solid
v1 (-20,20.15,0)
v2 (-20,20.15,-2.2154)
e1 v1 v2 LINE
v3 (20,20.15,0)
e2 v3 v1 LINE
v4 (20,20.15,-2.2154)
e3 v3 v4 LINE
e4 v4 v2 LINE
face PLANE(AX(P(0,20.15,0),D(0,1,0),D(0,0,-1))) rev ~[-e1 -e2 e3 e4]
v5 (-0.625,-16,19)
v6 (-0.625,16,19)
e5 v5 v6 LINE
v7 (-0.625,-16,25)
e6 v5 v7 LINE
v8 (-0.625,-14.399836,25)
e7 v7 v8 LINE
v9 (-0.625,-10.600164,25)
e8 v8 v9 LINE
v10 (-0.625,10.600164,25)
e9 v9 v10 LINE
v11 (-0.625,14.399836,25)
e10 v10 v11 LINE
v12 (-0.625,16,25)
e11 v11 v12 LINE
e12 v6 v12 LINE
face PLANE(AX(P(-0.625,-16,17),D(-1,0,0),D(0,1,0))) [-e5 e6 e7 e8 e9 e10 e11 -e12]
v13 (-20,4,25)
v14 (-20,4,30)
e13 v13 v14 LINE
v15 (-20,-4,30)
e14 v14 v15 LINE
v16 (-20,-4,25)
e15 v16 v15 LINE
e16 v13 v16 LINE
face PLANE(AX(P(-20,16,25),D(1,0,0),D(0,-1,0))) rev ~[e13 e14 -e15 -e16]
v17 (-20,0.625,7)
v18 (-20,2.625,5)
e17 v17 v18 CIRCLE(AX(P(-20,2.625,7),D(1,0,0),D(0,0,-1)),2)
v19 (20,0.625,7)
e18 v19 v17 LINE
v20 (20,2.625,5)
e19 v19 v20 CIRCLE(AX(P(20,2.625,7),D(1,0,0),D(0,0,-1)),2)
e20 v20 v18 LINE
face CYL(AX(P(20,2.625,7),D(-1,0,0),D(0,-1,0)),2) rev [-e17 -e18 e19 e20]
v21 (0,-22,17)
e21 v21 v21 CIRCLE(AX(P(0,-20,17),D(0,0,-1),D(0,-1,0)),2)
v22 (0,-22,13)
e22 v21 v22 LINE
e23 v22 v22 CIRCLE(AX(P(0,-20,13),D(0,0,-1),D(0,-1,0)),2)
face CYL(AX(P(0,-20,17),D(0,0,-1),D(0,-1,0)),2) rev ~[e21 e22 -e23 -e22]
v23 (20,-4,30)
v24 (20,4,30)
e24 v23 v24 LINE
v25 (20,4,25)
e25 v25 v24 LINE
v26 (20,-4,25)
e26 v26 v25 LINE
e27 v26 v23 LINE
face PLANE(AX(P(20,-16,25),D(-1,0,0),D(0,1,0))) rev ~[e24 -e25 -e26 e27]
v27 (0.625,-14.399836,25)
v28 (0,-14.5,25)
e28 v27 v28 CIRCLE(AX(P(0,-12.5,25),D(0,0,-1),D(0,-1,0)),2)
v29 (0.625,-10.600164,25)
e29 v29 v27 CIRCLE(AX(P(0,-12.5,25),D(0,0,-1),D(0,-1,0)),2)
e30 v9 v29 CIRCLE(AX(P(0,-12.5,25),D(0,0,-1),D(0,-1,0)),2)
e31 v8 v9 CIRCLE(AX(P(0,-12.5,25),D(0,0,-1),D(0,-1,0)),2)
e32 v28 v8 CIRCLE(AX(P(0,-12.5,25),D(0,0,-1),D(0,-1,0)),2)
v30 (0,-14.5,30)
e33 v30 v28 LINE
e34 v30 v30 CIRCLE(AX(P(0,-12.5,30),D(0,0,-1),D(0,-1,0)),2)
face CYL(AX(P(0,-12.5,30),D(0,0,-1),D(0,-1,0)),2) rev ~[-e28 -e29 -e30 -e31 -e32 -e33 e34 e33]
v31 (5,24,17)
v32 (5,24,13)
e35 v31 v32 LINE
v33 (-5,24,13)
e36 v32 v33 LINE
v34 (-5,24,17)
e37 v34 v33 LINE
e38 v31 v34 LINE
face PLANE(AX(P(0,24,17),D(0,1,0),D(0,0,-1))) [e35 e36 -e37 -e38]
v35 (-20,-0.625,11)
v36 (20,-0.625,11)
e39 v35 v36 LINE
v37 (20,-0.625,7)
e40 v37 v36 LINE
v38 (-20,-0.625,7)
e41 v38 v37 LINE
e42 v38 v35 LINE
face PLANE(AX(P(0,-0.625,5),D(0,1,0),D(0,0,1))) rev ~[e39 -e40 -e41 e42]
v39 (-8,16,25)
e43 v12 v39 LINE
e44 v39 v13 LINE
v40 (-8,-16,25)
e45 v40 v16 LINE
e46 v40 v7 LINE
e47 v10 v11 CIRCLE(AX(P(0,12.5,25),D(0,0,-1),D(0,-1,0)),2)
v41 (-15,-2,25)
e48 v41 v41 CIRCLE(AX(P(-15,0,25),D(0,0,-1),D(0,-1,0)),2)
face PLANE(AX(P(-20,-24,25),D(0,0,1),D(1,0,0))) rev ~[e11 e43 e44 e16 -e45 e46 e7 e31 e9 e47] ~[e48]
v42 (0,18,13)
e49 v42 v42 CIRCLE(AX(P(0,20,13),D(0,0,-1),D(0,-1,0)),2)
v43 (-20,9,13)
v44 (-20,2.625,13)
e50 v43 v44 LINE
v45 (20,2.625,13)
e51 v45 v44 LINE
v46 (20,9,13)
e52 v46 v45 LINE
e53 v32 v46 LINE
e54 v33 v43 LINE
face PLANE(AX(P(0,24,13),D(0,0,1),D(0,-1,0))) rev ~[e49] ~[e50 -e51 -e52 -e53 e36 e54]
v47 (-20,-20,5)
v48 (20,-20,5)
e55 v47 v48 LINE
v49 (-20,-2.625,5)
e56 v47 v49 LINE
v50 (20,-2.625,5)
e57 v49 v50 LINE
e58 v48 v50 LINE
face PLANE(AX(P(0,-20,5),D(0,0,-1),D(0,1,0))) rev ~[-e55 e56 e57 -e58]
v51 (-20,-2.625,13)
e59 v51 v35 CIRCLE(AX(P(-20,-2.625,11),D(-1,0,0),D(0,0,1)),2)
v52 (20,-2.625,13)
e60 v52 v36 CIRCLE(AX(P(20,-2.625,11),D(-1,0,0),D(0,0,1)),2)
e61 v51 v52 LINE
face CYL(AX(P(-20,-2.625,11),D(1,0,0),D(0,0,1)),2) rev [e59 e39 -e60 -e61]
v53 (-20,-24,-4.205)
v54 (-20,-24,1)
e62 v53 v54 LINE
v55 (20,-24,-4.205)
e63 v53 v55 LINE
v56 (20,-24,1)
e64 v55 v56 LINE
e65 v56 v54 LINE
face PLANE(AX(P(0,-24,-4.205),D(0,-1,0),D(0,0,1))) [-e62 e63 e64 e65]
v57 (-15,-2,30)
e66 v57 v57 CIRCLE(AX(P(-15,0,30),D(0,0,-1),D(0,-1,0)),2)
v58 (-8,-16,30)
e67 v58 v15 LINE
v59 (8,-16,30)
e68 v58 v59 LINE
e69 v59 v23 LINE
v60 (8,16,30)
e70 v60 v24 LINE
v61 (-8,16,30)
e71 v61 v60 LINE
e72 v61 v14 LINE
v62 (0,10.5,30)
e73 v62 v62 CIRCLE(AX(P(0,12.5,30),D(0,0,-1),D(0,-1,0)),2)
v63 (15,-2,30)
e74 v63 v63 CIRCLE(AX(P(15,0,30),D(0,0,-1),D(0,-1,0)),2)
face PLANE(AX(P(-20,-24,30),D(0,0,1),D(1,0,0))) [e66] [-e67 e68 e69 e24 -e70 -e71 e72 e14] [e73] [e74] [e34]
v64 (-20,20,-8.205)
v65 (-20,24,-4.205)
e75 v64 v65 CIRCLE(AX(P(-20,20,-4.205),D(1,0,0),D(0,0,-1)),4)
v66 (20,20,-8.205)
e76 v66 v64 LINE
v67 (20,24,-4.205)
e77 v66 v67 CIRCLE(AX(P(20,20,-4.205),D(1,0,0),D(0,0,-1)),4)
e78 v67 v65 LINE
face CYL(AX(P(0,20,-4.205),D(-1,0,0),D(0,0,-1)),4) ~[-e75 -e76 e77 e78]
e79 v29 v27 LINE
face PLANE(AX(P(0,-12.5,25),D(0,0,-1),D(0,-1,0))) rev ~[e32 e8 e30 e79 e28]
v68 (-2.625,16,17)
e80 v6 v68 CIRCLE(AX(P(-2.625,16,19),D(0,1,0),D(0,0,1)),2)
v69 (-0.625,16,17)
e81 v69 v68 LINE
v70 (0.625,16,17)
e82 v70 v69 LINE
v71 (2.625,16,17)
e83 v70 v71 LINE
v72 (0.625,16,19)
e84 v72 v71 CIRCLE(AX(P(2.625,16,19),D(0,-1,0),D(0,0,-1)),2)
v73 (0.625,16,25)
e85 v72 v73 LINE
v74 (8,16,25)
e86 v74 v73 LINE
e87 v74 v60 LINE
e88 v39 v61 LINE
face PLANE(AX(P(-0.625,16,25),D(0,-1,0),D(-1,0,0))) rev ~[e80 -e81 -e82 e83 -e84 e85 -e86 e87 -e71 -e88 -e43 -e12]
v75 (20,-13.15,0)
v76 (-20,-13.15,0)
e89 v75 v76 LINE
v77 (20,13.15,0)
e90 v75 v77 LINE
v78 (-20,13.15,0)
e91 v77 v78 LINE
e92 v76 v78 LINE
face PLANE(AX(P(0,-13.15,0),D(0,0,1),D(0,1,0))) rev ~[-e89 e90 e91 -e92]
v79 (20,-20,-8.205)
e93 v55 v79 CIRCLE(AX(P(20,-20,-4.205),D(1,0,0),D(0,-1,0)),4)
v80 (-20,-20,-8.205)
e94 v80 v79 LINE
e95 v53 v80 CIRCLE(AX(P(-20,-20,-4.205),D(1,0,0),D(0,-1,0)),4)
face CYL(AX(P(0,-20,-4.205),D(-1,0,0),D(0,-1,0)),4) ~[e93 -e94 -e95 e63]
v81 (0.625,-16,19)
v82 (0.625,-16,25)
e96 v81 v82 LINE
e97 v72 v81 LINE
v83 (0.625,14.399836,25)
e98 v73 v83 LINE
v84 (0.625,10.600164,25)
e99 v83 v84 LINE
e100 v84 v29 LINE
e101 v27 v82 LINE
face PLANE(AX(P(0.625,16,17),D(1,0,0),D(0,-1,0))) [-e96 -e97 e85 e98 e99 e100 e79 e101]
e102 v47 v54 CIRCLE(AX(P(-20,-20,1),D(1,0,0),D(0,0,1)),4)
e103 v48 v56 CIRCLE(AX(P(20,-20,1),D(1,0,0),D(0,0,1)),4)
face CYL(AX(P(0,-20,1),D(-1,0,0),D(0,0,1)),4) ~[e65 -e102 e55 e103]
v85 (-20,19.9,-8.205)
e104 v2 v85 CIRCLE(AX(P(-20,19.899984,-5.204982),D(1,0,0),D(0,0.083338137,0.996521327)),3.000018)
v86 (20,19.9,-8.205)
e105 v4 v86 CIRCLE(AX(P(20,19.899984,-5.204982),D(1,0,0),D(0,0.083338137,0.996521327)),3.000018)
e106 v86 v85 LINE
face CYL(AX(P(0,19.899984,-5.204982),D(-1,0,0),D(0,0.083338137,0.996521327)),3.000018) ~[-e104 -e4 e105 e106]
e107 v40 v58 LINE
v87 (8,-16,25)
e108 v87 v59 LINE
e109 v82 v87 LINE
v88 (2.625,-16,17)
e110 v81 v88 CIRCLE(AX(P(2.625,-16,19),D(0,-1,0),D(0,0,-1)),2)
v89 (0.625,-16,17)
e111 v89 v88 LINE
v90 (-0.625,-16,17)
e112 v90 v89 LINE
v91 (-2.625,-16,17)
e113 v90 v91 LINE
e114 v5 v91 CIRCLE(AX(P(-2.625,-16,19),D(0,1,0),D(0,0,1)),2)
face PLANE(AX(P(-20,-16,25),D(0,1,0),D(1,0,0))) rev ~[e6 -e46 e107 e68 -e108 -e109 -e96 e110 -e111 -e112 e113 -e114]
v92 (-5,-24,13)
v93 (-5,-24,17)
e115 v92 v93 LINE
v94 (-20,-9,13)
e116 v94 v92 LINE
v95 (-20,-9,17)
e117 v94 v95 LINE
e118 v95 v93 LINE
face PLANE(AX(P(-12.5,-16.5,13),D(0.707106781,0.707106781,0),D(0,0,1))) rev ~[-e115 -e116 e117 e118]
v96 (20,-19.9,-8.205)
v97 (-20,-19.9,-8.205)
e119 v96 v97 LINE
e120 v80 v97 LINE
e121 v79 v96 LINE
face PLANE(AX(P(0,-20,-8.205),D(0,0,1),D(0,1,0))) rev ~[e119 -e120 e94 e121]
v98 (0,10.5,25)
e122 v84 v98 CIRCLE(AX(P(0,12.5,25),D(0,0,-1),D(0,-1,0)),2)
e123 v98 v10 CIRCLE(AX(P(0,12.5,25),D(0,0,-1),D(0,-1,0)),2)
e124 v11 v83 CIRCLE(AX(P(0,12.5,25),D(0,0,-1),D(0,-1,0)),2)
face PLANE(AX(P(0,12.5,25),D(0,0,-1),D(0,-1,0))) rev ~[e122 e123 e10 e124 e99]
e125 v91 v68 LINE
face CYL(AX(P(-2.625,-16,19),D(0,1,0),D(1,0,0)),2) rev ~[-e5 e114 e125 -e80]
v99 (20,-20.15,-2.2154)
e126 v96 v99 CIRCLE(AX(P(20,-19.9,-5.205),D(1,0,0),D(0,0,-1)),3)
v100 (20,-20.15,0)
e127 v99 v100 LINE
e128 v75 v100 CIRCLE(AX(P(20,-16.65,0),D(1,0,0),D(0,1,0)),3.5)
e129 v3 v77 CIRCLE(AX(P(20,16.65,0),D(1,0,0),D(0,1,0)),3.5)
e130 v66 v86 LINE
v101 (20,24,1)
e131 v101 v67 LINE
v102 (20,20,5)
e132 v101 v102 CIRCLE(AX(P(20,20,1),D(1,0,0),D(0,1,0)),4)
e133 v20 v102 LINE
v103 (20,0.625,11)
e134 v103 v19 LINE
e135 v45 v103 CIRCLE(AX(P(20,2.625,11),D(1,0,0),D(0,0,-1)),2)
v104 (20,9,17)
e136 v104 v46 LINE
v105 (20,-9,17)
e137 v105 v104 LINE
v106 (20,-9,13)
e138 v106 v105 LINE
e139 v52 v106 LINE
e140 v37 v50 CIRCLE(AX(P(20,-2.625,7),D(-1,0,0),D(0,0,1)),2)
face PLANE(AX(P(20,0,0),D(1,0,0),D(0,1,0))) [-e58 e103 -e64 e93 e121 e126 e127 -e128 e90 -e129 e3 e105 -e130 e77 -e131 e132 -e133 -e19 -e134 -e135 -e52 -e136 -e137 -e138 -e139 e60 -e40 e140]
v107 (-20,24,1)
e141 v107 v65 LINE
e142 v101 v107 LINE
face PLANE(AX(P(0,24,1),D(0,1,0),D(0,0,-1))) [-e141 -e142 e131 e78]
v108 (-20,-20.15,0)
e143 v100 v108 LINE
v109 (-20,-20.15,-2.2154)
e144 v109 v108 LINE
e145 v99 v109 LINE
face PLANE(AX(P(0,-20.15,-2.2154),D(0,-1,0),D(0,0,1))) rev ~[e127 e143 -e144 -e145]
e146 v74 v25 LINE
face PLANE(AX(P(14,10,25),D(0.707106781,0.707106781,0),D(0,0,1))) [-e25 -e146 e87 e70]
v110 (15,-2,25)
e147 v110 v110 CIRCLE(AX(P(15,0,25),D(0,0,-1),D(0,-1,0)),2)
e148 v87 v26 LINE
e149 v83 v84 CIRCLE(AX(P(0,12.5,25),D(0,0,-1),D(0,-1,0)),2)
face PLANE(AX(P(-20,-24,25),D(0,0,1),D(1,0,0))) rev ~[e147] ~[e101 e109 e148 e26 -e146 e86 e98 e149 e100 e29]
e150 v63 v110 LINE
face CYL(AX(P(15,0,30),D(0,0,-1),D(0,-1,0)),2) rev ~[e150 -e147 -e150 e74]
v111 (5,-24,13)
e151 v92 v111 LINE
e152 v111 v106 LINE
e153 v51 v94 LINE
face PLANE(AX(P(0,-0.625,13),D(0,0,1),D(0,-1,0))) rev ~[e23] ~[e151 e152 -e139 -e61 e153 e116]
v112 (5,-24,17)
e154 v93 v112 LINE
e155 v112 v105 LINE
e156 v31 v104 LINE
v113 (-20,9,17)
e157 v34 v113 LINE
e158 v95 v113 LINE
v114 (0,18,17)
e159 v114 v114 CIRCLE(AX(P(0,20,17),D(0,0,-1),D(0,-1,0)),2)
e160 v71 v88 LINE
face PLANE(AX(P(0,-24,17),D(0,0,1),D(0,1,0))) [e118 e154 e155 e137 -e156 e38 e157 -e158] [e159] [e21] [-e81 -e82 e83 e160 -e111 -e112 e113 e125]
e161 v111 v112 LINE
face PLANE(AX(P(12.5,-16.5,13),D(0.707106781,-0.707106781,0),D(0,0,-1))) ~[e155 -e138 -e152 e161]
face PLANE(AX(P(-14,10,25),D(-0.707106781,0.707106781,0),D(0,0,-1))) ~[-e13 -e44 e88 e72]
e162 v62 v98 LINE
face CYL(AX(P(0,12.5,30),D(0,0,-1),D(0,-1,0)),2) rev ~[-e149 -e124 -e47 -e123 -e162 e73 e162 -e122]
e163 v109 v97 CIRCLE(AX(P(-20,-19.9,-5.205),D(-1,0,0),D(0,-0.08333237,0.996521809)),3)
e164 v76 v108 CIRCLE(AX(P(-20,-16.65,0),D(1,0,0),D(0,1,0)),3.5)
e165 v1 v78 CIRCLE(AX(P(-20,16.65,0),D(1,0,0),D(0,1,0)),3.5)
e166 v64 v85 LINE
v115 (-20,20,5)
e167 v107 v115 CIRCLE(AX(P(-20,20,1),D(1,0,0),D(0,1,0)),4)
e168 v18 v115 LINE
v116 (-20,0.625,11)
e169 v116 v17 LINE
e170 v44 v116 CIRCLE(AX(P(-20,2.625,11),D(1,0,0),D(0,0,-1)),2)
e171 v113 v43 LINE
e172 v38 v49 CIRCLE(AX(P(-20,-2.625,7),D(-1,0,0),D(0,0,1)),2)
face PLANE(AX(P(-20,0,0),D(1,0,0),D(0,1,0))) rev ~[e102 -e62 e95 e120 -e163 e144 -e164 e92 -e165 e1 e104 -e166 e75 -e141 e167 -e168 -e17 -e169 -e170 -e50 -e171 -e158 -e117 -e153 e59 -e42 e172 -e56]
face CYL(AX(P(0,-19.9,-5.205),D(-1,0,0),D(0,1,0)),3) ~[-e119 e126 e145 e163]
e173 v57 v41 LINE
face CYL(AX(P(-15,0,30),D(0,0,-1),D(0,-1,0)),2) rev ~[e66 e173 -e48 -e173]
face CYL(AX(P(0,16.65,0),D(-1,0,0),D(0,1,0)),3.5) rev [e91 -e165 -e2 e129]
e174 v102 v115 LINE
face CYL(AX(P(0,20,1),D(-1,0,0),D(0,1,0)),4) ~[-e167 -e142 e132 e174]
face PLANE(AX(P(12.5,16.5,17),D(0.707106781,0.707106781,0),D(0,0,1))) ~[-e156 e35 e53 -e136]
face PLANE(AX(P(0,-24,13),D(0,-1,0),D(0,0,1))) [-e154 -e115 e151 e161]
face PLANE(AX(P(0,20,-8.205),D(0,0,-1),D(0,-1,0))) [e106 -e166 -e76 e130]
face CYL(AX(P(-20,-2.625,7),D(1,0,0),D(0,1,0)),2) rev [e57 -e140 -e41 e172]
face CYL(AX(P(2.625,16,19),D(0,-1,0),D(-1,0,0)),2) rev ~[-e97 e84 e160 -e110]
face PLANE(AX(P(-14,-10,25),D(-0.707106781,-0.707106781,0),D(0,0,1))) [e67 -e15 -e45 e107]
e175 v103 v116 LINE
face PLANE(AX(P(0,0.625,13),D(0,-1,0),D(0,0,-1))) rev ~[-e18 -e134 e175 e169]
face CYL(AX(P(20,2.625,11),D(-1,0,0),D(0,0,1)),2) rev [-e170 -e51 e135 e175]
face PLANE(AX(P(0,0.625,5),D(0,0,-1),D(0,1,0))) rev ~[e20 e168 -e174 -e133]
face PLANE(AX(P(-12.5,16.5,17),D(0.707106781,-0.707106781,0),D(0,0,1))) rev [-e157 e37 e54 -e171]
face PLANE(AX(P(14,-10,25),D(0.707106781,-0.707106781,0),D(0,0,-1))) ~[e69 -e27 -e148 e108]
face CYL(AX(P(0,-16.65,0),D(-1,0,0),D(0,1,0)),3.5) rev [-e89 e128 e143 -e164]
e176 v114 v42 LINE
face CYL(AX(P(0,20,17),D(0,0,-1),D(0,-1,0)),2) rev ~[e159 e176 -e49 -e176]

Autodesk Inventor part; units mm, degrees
ref_plane "YZ Plane" through (0, 0, 0) normal (1, 0, 0) x (0, 1, 0)
ref_plane "XZ Plane" through (0, 0, 0) normal (0, 1, 0) x (-1, 0, 0)
ref_plane "XY Plane" through (0, 0, 0) normal (0, 0, 1) x (1, 0, 0)
sketch "Sketch1" plane through (0, 0, 0) normal (1, 0, 0) x (0, 1, 0)
  line L0 (-24, -4.205) -> (-24, 1)
  line L1 (-20, 5) -> (20, 5)
  line L2 (24, 1) -> (24, -4.205)
  line L3 (20, -8.205) -> (19.9, -8.205)
  line L4 (-20, -8.205) -> (-19.9, -8.205)
  line L5 (-20.15, -2.2154) -> (-20.15, 0)
  line L6 (-20.15, 0) -> (20.15, 0)
  line L7 (20.15, 0) -> (20.15, -2.2154)
  line L8 (-0.625, 5) -> (-0.625, 13)
  line L9 (-0.625, 13) -> (0.625, 13)
  line L10 (0.625, 13) -> (0.625, 5)
  line L11 (-24, 17) -> (24, 17)
  line L12 (24, 17) -> (24, 13)
  line L13 (24, 13) -> (-24, 13)
  line L14 (-24, 13) -> (-24, 17)
  arc A0 (24, 1) -> (20, 5) centre (20, 1) ccw
  arc A1 (-20, 5) -> (-24, 1) centre (-20, 1) ccw
  arc A2 (20.15, 0) -> (13.15, 0) centre (16.65, 0) ccw
  arc A3 (-13.15, 0) -> (-20.15, 0) centre (-16.65, 0) ccw
  arc A4 (20.15, -2.2154) -> (19.9, -8.205) centre (19.9, -5.205) ccw
  arc A5 (20, -8.205) -> (24, -4.205) centre (20, -4.205) ccw
  circle A6 centre (-19.9, -5.205) radius 3
  arc A7 (-24, -4.205) -> (-20, -8.205) centre (-20, -4.205) ccw
  point P0 (0, 0)
  point P1 (-24, -8.205)
  point P2 (-24, 5)
  point P3 (24, 5)
  point P4 (24, -8.205)
  point P5 (0, 5)
  point P6 (0, 0)
  point P7 (0, 13)
  point P8 (0.625, 13)
  point P9 (-0.625, 13)
  dimension "d65" = 6
  dimension "d2" = 40.3
  dimension "d10" = 48
  dimension "d11" = 5
  dimension "d13" = 1.25
  dimension "d14" = 8
  dimension "d15" = 4
  dimension "d52" = 4
  dimension "d53" = 7
  dimension "d54" = 7
  dimension "d61" = 6
  dimension "d62" = 5.205
  dimension "d63" = 0.25
  dimension "d64" = 4
  dimension "d66" = 0.25
  dimension "d67" = 4
extrude "Extrusion1" add sketch "Sketch1" along normal mid plane 40 contours L0 A1 L1 A0 L2 A5 L3 A4 L7 A2 L6 A3 L5 A6 A7 | A6 L4 | L8 L9 L10 L1 | L13 L14 L11 L12 L9
sketch "Sketch2" plane through (-20, -24, 17) normal (0, 0, 1) x (1, 0, 0)
  line L0 (0, 0) -> (40, 0) projected
  line L1 (40, 48) -> (40, 0) projected
  line L2 (0, 48) -> (40, 48) projected
  line L3 (0, 0) -> (0, 48) projected
  line L4 (20.625, 8) -> (19.375, 8)
  line L5 (19.375, 8) -> (19.375, 40)
  line L6 (19.375, 40) -> (20.625, 40)
  line L7 (20.625, 40) -> (20.625, 8)
  line L8 (20.625, 8) -> (19.375, 40) construction
  line L9 (19.375, 8) -> (20.625, 40) construction
  point P0 (20, 24)
  point P1 (20.75, 0)
  point P2 (20.75, 50)
  point P3 (19.25, 50)
  point P4 (19.25, 0)
  point P5 (20, 8)
  dimension "d16" = 1.25
  dimension "d19" = 8
extrude "Extrusion2" add sketch "Sketch2" along normal blind 8 contours L4 L5 L6 L7
sketch "Sketch3" plane through (-20, -24, 17) normal (0, 0, 1) x (1, 0, 0)
  line L0 (20.625, 40) -> (20.625, 8) projected
  line L1 (20.625, 8) -> (19.375, 8) projected
  line L2 (19.375, 8) -> (19.375, 40) projected
  line L3 (19.375, 40) -> (20.625, 40) projected
  line L4 (0, 0) -> (40, 0) projected
  line L5 (40, 48) -> (40, 0) projected
  line L6 (0, 48) -> (40, 48) projected
  line L7 (0, 0) -> (0, 48) projected
  line L8 (20.625, 8) -> (19.375, 8) projected
  line L9 (20, 8) -> (20, 0)
  line L10 (19.375, 40) -> (20.625, 40) projected
  line L11 (20, 40) -> (20, 48)
  point P0 (20, 24)
  point P1 (20, 4)
  point P2 (20, 44)
hole "Hole1" at (0, -20, 17) at (0, 20, 17) direction (0, 0, -1) diameter 4 depth 8 tip angle 118
sketch "Sketch4" plane through (-20, -24, 25) normal (0, 0, 1) x (1, 0, 0)
  line L0 (0, 8) -> (40, 8)
  line L1 (40, 8) -> (40, 40)
  line L2 (40, 40) -> (0, 40)
  line L3 (0, 40) -> (0, 8)
  line L4 (0, 8) -> (40, 40) construction
  line L5 (40, 8) -> (0, 40) construction
  line L6 (20.625, 40) -> (19.375, 40) projected
  line L7 (0, 0) -> (0, 48) projected
  point P0 (20, 24)
  point P1 (20, 40)
  point P2 (0, 24)
extrude "Extrusion3" add sketch "Sketch4" along normal blind 5
sketch "Sketch5" plane through (-20, -24, 30) normal (0, 0, 1) x (1, 0, 0)
  line L0 (40, 40) -> (0, 40) projected
  line L1 (0, 40) -> (0, 8) projected
  line L2 (0, 8) -> (40, 8) projected
  line L3 (40, 8) -> (40, 40) projected
  line L4 (5, 24) -> (35, 24)
  point P0 (20, 24)
  point P1 (20, 24)
  dimension "d29" = 5
hole "Hole2" at (-15, 0, 30) at (15, 0, 30) direction (0, 0, -1) diameter 4 depth 8 tip angle 118
sketch "Sketch6" plane through (-20, -24, 30) normal (0, 0, 1) x (1, 0, 0)
  circle A0 centre (5, 24) radius 2 projected
  circle A1 centre (35, 24) radius 2 projected
  line L0 (40, 40) -> (0, 40) projected
  line L1 (0, 40) -> (0, 8) projected
  line L2 (0, 8) -> (40, 8) projected
  line L3 (40, 8) -> (40, 40) projected
  line L4 (20, 11.5) -> (20, 36.5)
  point P0 (20, 24)
  point P1 (20, 24)
  point P2 (20, 24)
  dimension "d38" = 25
hole "Hole3" at (0, -12.5, 30) at (0, 12.5, 30) direction (0, 0, -1) diameter 4 depth 5
chamfer "Chamfer1" distance 15 angle 45 4 edges at (-20, -24, 15) (-20, 24, 15) (20, -24, 15) (20, 24, 15)
chamfer "Chamfer2" distance 12 angle 45 4 edges at (20, 16, 27.5) (20, -16, 27.5) (-20, -16, 27.5) (-20, 16, 27.5)
fillet "Fillet1" radius 2 6 edges at (0.625, 0, 17) (-0.625, 0, 17) (0, -0.625, 5) (0, 0.625, 5) (0, -0.625, 13) (0, 0.625, 13)
equation "\"d54\" = d53"
equation "\"d66\" = d63"
properties part number "MicroRail-FlextureBase" material "ABS Plastic"
